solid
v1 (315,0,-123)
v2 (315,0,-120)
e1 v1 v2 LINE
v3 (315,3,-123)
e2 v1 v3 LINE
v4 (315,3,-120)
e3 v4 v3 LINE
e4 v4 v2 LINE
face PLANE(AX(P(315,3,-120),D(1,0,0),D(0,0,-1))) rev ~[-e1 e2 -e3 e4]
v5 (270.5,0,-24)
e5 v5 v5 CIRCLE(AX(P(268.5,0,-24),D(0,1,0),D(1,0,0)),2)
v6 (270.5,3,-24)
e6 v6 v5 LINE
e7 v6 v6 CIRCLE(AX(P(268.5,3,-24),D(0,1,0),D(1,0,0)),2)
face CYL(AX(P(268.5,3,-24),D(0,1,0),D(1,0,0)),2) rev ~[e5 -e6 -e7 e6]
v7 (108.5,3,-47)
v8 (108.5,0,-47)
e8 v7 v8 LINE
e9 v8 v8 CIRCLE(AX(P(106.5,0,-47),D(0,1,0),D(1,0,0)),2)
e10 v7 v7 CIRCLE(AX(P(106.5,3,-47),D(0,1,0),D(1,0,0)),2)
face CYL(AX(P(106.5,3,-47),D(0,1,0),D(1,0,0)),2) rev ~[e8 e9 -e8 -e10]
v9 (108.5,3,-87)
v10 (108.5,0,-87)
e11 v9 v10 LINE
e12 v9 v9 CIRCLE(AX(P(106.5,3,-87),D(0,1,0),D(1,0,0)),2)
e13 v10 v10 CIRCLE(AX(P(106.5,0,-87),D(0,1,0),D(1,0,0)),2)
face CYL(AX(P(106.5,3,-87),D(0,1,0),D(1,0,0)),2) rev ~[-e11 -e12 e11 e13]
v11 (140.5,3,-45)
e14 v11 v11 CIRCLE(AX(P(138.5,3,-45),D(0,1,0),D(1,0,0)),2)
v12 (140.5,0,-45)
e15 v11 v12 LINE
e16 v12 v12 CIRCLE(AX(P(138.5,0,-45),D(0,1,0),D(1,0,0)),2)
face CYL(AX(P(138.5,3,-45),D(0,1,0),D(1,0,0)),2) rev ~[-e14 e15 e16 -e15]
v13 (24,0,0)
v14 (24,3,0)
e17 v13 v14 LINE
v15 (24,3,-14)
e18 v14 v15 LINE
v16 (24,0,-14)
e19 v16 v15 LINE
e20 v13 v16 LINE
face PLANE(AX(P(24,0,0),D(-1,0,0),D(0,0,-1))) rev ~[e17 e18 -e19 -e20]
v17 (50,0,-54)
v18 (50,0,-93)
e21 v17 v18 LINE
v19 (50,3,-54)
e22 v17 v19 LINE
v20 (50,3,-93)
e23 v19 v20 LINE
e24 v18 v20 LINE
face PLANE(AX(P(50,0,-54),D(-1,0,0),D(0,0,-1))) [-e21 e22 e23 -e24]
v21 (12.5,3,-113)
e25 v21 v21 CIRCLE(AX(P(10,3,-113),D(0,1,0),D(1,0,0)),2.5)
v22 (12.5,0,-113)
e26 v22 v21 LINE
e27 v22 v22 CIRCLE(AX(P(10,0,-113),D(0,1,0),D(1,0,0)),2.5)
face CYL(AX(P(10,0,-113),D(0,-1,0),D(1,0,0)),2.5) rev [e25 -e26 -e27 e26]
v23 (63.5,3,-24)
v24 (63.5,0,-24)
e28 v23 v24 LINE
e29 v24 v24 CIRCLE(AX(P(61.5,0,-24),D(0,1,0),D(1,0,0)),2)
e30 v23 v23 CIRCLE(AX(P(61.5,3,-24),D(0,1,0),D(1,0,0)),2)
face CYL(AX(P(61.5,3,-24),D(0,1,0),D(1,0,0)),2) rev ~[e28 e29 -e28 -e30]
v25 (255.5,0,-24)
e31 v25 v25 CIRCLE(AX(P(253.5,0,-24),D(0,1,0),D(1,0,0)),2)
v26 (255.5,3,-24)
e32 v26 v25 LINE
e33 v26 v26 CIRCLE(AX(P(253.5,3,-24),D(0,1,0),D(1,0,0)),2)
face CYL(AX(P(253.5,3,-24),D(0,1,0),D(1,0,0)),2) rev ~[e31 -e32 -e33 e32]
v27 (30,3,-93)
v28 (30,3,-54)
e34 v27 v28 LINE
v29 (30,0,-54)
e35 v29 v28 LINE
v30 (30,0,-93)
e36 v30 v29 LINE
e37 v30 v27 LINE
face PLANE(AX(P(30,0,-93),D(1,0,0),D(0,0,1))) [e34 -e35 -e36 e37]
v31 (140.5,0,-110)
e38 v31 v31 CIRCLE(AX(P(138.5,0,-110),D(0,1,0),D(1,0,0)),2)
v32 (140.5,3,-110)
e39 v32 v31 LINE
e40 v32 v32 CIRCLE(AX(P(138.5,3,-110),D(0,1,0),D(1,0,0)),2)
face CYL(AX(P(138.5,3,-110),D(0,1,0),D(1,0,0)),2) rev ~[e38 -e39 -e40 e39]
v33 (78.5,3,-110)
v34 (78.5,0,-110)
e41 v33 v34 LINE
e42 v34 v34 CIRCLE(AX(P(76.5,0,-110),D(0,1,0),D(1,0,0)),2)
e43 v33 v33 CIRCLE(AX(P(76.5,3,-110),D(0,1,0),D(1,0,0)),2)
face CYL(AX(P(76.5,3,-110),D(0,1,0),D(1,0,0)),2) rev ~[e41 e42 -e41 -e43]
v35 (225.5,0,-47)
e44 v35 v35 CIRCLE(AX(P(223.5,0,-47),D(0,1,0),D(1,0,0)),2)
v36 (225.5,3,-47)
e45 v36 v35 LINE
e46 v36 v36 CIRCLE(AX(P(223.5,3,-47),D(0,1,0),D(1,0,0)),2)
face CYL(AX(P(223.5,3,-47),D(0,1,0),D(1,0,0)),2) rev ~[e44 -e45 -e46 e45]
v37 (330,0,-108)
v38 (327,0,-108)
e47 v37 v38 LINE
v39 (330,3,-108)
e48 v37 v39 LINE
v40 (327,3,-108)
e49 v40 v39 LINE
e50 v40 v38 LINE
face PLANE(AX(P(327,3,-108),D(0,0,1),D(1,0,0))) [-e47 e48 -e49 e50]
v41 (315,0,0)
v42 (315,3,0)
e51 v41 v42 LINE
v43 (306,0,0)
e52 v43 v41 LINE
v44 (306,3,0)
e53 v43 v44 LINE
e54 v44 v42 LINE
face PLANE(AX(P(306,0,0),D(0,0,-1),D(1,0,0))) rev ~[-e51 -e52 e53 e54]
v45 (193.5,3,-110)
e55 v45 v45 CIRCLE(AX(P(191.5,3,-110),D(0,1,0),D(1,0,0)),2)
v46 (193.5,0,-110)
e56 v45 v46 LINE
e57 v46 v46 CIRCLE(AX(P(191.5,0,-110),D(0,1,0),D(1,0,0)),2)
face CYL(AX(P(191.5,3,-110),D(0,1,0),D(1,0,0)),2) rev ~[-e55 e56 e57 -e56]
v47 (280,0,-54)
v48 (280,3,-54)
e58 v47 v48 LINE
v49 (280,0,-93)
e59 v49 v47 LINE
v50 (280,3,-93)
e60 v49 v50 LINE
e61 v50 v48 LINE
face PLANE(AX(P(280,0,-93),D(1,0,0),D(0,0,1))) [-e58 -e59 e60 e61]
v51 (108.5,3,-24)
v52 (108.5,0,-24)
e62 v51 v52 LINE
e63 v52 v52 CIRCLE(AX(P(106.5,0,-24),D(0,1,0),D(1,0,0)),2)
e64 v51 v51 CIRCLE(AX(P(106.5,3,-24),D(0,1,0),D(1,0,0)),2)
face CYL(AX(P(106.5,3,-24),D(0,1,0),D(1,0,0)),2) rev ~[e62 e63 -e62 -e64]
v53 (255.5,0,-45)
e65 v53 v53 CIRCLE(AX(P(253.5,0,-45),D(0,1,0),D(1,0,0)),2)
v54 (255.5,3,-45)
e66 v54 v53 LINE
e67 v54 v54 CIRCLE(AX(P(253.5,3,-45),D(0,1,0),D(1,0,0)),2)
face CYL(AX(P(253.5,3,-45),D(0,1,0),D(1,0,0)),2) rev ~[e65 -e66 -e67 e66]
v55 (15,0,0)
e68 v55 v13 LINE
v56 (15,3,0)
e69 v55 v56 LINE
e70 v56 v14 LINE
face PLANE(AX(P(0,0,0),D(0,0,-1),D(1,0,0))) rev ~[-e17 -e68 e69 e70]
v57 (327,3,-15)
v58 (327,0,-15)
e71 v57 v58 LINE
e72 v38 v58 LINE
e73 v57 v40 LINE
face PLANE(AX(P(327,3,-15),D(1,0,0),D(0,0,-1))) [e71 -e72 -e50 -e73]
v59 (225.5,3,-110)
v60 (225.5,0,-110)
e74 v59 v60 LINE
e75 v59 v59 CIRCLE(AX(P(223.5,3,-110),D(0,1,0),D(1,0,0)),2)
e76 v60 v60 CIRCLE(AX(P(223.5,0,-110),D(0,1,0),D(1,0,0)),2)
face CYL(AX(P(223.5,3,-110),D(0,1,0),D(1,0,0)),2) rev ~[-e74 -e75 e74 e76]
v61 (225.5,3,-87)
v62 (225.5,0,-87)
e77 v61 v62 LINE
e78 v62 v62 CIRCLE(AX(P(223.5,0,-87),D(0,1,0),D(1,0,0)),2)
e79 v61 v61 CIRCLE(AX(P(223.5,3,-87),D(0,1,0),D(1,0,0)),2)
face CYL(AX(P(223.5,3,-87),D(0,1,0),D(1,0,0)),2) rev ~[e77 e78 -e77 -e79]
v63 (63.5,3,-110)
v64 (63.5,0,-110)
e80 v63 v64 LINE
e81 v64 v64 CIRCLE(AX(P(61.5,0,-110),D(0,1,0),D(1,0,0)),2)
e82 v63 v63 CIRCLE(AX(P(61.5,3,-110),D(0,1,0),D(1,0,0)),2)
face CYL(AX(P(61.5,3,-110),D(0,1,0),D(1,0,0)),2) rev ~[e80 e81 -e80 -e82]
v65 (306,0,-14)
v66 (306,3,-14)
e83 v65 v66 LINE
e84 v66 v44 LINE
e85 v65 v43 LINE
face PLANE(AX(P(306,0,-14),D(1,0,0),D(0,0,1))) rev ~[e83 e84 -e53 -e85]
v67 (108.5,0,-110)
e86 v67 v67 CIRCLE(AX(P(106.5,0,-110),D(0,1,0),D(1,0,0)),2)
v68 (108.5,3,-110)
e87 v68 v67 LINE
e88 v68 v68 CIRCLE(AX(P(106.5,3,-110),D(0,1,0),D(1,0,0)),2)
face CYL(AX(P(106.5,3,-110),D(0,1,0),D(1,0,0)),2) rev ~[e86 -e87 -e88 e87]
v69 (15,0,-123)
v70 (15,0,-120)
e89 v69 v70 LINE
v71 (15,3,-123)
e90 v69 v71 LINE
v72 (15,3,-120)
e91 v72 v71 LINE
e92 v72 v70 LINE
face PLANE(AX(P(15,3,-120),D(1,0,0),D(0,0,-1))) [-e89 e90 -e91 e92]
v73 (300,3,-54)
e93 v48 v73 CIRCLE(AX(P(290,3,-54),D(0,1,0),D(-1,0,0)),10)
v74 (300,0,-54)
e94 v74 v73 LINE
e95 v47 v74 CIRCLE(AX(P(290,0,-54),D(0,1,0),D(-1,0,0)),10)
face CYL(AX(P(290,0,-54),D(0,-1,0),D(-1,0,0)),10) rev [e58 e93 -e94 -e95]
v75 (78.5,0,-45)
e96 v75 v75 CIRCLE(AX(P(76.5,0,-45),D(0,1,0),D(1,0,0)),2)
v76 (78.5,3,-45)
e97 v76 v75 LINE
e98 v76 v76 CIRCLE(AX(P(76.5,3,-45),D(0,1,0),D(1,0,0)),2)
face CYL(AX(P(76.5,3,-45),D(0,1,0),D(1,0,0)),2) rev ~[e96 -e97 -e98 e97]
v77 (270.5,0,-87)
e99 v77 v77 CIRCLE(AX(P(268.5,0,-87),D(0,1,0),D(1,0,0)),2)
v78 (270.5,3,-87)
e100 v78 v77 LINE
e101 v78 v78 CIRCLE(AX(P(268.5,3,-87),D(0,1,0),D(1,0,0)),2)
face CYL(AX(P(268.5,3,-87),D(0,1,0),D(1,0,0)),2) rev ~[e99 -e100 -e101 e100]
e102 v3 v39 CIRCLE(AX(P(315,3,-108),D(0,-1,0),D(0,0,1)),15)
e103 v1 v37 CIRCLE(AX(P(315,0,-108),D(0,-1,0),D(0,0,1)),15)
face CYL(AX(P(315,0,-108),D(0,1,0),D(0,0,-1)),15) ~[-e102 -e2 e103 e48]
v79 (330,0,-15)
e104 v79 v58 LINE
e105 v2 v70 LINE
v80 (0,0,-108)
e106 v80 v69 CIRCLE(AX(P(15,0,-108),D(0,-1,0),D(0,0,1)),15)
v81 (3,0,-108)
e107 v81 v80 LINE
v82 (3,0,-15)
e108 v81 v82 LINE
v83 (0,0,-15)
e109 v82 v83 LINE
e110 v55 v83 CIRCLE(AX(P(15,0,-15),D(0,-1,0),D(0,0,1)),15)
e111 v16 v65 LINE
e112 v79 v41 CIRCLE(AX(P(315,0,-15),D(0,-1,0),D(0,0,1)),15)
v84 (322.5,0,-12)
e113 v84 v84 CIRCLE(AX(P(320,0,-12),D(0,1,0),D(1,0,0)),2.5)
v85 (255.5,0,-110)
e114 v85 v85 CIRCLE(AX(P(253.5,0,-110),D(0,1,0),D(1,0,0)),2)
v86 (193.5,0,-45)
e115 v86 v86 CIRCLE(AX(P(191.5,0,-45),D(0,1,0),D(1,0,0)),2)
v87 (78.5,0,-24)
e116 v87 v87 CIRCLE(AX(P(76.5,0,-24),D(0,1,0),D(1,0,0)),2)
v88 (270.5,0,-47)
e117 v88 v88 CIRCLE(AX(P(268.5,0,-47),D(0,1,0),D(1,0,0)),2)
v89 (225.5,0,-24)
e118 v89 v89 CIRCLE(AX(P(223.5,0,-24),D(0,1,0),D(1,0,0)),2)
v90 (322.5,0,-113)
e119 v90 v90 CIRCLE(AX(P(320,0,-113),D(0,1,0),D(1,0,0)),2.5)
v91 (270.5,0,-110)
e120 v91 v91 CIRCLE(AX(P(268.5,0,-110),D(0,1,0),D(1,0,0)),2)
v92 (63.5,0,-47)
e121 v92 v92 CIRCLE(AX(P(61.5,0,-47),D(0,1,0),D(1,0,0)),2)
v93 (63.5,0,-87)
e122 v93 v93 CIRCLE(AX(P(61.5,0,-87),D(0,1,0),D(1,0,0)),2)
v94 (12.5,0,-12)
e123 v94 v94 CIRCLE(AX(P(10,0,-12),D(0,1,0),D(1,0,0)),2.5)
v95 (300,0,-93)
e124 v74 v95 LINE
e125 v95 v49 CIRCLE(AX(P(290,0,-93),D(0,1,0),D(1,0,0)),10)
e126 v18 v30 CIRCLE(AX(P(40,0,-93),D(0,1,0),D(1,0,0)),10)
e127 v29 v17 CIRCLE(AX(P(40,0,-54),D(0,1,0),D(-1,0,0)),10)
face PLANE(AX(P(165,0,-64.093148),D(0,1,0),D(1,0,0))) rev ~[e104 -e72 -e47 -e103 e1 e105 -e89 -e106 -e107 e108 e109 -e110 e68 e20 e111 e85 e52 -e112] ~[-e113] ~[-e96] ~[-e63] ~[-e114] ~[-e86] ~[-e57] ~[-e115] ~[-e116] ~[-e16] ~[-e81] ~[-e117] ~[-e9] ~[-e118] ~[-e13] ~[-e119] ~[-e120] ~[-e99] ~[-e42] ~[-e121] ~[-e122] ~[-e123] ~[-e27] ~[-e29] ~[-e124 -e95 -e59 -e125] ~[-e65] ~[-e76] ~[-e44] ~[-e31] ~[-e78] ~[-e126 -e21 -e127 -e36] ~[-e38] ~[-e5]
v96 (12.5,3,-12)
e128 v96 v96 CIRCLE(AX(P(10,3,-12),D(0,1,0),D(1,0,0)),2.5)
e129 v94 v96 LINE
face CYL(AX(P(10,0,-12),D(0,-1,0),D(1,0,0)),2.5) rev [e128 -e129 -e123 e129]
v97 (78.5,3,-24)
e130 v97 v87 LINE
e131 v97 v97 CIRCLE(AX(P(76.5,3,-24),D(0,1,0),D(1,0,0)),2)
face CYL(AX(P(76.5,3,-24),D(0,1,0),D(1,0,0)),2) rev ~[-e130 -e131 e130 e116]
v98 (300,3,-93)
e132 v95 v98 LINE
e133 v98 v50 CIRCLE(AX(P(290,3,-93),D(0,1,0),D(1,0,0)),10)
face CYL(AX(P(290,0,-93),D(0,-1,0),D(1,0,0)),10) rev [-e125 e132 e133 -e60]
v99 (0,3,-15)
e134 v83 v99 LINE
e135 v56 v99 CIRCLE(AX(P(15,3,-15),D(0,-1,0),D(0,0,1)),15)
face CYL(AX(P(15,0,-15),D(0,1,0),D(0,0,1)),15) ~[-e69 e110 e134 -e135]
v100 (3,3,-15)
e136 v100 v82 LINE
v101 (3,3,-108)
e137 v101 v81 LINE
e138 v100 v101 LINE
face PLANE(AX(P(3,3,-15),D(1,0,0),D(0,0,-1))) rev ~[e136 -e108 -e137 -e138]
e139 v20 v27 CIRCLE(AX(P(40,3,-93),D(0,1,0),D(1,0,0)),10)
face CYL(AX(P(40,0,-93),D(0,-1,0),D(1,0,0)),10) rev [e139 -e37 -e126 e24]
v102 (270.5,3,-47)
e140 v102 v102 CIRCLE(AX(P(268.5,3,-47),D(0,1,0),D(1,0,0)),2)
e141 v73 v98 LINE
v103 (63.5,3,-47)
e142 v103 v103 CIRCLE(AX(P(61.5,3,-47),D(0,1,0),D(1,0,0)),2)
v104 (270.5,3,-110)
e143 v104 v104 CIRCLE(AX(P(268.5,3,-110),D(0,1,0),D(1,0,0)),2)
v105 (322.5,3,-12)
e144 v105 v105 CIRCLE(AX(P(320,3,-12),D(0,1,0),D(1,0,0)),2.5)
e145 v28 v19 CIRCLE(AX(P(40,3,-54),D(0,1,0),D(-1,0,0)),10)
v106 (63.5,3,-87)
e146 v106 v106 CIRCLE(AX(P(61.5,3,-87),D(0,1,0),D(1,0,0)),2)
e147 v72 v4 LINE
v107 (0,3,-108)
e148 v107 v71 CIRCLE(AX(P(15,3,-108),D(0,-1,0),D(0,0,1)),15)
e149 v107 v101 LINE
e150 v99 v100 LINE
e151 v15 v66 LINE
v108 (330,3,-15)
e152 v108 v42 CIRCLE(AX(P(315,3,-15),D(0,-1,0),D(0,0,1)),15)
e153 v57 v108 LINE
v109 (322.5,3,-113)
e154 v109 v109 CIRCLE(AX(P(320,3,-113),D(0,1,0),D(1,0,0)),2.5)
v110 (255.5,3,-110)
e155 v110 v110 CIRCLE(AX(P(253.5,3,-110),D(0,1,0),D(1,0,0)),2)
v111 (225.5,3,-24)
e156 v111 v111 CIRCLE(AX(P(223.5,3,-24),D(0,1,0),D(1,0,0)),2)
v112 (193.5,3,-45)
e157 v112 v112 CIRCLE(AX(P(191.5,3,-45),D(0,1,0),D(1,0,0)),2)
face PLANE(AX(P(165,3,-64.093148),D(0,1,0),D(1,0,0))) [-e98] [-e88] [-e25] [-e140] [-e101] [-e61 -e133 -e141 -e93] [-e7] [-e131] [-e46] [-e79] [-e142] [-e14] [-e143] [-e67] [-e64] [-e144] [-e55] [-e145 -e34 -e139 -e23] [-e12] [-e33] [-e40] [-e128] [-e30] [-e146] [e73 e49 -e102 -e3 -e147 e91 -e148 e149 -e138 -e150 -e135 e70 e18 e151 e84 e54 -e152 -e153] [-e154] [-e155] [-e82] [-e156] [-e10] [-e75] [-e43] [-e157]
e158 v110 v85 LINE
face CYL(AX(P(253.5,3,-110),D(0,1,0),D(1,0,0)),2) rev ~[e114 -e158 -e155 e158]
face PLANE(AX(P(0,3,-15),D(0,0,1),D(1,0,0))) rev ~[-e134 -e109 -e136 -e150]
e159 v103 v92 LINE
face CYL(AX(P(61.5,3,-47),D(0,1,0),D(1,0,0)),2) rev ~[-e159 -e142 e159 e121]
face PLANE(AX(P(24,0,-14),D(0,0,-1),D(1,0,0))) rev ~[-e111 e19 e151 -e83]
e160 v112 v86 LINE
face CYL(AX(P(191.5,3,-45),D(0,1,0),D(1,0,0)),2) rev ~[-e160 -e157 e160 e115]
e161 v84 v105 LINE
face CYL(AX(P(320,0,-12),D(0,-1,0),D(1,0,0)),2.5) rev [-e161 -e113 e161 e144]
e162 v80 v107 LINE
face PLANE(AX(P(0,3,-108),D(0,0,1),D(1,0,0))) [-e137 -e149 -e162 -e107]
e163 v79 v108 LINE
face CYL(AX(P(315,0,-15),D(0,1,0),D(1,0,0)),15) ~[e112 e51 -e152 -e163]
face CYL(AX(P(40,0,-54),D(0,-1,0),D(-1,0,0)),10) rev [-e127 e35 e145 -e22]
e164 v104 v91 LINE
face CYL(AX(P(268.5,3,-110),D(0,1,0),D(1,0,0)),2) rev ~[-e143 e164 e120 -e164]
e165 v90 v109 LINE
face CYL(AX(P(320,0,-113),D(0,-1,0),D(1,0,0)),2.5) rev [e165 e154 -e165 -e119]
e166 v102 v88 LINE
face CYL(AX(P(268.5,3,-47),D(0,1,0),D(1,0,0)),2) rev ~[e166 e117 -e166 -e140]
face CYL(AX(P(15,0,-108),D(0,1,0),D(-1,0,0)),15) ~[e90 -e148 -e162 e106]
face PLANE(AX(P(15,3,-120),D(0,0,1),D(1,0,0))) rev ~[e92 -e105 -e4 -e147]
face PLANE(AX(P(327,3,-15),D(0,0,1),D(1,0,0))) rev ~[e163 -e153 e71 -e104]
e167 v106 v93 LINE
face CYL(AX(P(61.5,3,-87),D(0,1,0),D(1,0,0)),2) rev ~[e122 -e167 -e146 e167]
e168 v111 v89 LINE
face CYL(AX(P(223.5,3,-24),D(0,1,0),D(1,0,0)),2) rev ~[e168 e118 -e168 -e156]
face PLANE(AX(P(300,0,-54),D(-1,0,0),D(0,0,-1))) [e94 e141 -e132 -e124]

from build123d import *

# Parameters (mm, degrees)
ESQUISSE1_R      = 2.5
EXTRUSION1_DEPTH = 3
CONG_1_R         = 15
EXTRUSION2_REACH = 5
ESQUISSE2_W      = 300
ESQUISSE2_H      = 3
ESQUISSE2_W_2    = 3
ESQUISSE2_H_2    = 93
ESQUISSE3_R      = 2
EXTRUSION3_DEPTH = 3


with BuildPart() as part:
    # Esquisse1 → Extrusion1 (new body)
    with BuildSketch(Plane(origin=(0, 0, 0), x_dir=(1, 0, 0), z_dir=(0, 1, 0))):
        Polygon((0, 0), (24, 0), (24, 14), (306, 14), (306, 0), (330, 0), (330, 123), (0, 123), align=None)
        with Locations((10, 113)):
            Circle(ESQUISSE1_R, mode=Mode.SUBTRACT)
        with Locations((320, 113)):
            Circle(ESQUISSE1_R, mode=Mode.SUBTRACT)
        with Locations((10, 12)):
            Circle(ESQUISSE1_R, mode=Mode.SUBTRACT)
        with Locations((320, 12)):
            Circle(ESQUISSE1_R, mode=Mode.SUBTRACT)
        with BuildLine():
            Line((280, 93), (280, 54))
            ThreePointArc((280, 54), (290, 44), (300, 54))
            Line((300, 54), (300, 93))
            ThreePointArc((300, 93), (290, 103), (280, 93))
        make_face(mode=Mode.SUBTRACT)
        with BuildLine():
            Line((30, 93), (30, 54))
            ThreePointArc((30, 54), (40, 44), (50, 54))
            Line((50, 54), (50, 93))
            ThreePointArc((50, 93), (40, 103), (30, 93))
        make_face(mode=Mode.SUBTRACT)
    extrude(amount=EXTRUSION1_DEPTH)

    # Congé1
    cong_1_edges = [part.edges().sort_by_distance(p)[0] for p in [
        (0, 1.5, -123),
        (330, 1.5, -123),
        (330, 1.5, 0),
        (0, 1.5, 0),
    ]]
    fillet(cong_1_edges, radius=CONG_1_R)

    # Esquisse2 → Extrusion2 (cut, up to next)
    with BuildSketch(Plane(origin=(0, 3, 0), x_dir=(1, 0, 0), z_dir=(0, 1, 0)), mode=Mode.PRIVATE) as extrusion2_sk1:
        with Locations((165, 121.5)):
            Rectangle(ESQUISSE2_W, ESQUISSE2_H)
    extrusion2_tool1 = extrude(extrusion2_sk1.sketch, amount=-EXTRUSION2_REACH, mode=Mode.PRIVATE) & part.part
    add(extrusion2_tool1.solids().sort_by_distance((165, 3, -121.5))[0], mode=Mode.SUBTRACT)
    # Esquisse2 → Extrusion2 (cut, up to next)
    with BuildSketch(Plane(origin=(0, 3, 0), x_dir=(1, 0, 0), z_dir=(0, 1, 0)), mode=Mode.PRIVATE) as extrusion2_sk2:
        with Locations((1.5, 61.5)):
            Rectangle(ESQUISSE2_W_2, ESQUISSE2_H_2)
    extrusion2_tool2 = extrude(extrusion2_sk2.sketch, amount=-EXTRUSION2_REACH, mode=Mode.PRIVATE) & part.part
    add(extrusion2_tool2.solids().sort_by_distance((1.5, 3, -61.5))[0], mode=Mode.SUBTRACT)
    # Esquisse2 → Extrusion2 (cut, up to next)
    with BuildSketch(Plane(origin=(0, 3, 0), x_dir=(1, 0, 0), z_dir=(0, 1, 0)), mode=Mode.PRIVATE) as extrusion2_sk3:
        with Locations((328.5, 61.5)):
            Rectangle(ESQUISSE2_W_2, ESQUISSE2_H_2)
    extrusion2_tool3 = extrude(extrusion2_sk3.sketch, amount=-EXTRUSION2_REACH, mode=Mode.PRIVATE) & part.part
    add(extrusion2_tool3.solids().sort_by_distance((328.5, 3, -61.5))[0], mode=Mode.SUBTRACT)

    # Esquisse3 → Extrusion3 (cut)
    with BuildSketch(Plane(origin=(0, 3, 0), x_dir=(1, 0, 0), z_dir=(0, 1, 0))):
        with Locations((76.5, 110)):
            Circle(ESQUISSE3_R)
        with Locations((253.5, 110)):
            Circle(ESQUISSE3_R)
        with Locations((76.5, 24)):
            Circle(ESQUISSE3_R)
        with Locations((253.5, 24)):
            Circle(ESQUISSE3_R)
        with Locations((61.5, 110)):
            Circle(ESQUISSE3_R)
        with Locations((106.5, 110)):
            Circle(ESQUISSE3_R)
        with Locations((61.5, 87)):
            Circle(ESQUISSE3_R)
        with Locations((106.5, 87)):
            Circle(ESQUISSE3_R)
        with Locations((61.5, 47)):
            Circle(ESQUISSE3_R)
        with Locations((106.5, 47)):
            Circle(ESQUISSE3_R)
        with Locations((106.5, 24)):
            Circle(ESQUISSE3_R)
        with Locations((61.5, 24)):
            Circle(ESQUISSE3_R)
        with Locations((223.5, 87)):
            Circle(ESQUISSE3_R)
        with Locations((223.5, 110)):
            Circle(ESQUISSE3_R)
        with Locations((268.5, 110)):
            Circle(ESQUISSE3_R)
        with Locations((268.5, 87)):
            Circle(ESQUISSE3_R)
        with Locations((268.5, 47)):
            Circle(ESQUISSE3_R)
        with Locations((268.5, 24)):
            Circle(ESQUISSE3_R)
        with Locations((223.5, 24)):
            Circle(ESQUISSE3_R)
        with Locations((223.5, 47)):
            Circle(ESQUISSE3_R)
        with Locations((191.5, 110)):
            Circle(ESQUISSE3_R)
        with Locations((191.5, 45)):
            Circle(ESQUISSE3_R)
        with Locations((138.5, 45)):
            Circle(ESQUISSE3_R)
        with Locations((138.5, 110)):
            Circle(ESQUISSE3_R)
        with Locations((76.5, 45)):
            Circle(ESQUISSE3_R)
        with Locations((253.5, 45)):
            Circle(ESQUISSE3_R)
    extrude(amount=-EXTRUSION3_DEPTH, mode=Mode.SUBTRACT)


solid = part.part
